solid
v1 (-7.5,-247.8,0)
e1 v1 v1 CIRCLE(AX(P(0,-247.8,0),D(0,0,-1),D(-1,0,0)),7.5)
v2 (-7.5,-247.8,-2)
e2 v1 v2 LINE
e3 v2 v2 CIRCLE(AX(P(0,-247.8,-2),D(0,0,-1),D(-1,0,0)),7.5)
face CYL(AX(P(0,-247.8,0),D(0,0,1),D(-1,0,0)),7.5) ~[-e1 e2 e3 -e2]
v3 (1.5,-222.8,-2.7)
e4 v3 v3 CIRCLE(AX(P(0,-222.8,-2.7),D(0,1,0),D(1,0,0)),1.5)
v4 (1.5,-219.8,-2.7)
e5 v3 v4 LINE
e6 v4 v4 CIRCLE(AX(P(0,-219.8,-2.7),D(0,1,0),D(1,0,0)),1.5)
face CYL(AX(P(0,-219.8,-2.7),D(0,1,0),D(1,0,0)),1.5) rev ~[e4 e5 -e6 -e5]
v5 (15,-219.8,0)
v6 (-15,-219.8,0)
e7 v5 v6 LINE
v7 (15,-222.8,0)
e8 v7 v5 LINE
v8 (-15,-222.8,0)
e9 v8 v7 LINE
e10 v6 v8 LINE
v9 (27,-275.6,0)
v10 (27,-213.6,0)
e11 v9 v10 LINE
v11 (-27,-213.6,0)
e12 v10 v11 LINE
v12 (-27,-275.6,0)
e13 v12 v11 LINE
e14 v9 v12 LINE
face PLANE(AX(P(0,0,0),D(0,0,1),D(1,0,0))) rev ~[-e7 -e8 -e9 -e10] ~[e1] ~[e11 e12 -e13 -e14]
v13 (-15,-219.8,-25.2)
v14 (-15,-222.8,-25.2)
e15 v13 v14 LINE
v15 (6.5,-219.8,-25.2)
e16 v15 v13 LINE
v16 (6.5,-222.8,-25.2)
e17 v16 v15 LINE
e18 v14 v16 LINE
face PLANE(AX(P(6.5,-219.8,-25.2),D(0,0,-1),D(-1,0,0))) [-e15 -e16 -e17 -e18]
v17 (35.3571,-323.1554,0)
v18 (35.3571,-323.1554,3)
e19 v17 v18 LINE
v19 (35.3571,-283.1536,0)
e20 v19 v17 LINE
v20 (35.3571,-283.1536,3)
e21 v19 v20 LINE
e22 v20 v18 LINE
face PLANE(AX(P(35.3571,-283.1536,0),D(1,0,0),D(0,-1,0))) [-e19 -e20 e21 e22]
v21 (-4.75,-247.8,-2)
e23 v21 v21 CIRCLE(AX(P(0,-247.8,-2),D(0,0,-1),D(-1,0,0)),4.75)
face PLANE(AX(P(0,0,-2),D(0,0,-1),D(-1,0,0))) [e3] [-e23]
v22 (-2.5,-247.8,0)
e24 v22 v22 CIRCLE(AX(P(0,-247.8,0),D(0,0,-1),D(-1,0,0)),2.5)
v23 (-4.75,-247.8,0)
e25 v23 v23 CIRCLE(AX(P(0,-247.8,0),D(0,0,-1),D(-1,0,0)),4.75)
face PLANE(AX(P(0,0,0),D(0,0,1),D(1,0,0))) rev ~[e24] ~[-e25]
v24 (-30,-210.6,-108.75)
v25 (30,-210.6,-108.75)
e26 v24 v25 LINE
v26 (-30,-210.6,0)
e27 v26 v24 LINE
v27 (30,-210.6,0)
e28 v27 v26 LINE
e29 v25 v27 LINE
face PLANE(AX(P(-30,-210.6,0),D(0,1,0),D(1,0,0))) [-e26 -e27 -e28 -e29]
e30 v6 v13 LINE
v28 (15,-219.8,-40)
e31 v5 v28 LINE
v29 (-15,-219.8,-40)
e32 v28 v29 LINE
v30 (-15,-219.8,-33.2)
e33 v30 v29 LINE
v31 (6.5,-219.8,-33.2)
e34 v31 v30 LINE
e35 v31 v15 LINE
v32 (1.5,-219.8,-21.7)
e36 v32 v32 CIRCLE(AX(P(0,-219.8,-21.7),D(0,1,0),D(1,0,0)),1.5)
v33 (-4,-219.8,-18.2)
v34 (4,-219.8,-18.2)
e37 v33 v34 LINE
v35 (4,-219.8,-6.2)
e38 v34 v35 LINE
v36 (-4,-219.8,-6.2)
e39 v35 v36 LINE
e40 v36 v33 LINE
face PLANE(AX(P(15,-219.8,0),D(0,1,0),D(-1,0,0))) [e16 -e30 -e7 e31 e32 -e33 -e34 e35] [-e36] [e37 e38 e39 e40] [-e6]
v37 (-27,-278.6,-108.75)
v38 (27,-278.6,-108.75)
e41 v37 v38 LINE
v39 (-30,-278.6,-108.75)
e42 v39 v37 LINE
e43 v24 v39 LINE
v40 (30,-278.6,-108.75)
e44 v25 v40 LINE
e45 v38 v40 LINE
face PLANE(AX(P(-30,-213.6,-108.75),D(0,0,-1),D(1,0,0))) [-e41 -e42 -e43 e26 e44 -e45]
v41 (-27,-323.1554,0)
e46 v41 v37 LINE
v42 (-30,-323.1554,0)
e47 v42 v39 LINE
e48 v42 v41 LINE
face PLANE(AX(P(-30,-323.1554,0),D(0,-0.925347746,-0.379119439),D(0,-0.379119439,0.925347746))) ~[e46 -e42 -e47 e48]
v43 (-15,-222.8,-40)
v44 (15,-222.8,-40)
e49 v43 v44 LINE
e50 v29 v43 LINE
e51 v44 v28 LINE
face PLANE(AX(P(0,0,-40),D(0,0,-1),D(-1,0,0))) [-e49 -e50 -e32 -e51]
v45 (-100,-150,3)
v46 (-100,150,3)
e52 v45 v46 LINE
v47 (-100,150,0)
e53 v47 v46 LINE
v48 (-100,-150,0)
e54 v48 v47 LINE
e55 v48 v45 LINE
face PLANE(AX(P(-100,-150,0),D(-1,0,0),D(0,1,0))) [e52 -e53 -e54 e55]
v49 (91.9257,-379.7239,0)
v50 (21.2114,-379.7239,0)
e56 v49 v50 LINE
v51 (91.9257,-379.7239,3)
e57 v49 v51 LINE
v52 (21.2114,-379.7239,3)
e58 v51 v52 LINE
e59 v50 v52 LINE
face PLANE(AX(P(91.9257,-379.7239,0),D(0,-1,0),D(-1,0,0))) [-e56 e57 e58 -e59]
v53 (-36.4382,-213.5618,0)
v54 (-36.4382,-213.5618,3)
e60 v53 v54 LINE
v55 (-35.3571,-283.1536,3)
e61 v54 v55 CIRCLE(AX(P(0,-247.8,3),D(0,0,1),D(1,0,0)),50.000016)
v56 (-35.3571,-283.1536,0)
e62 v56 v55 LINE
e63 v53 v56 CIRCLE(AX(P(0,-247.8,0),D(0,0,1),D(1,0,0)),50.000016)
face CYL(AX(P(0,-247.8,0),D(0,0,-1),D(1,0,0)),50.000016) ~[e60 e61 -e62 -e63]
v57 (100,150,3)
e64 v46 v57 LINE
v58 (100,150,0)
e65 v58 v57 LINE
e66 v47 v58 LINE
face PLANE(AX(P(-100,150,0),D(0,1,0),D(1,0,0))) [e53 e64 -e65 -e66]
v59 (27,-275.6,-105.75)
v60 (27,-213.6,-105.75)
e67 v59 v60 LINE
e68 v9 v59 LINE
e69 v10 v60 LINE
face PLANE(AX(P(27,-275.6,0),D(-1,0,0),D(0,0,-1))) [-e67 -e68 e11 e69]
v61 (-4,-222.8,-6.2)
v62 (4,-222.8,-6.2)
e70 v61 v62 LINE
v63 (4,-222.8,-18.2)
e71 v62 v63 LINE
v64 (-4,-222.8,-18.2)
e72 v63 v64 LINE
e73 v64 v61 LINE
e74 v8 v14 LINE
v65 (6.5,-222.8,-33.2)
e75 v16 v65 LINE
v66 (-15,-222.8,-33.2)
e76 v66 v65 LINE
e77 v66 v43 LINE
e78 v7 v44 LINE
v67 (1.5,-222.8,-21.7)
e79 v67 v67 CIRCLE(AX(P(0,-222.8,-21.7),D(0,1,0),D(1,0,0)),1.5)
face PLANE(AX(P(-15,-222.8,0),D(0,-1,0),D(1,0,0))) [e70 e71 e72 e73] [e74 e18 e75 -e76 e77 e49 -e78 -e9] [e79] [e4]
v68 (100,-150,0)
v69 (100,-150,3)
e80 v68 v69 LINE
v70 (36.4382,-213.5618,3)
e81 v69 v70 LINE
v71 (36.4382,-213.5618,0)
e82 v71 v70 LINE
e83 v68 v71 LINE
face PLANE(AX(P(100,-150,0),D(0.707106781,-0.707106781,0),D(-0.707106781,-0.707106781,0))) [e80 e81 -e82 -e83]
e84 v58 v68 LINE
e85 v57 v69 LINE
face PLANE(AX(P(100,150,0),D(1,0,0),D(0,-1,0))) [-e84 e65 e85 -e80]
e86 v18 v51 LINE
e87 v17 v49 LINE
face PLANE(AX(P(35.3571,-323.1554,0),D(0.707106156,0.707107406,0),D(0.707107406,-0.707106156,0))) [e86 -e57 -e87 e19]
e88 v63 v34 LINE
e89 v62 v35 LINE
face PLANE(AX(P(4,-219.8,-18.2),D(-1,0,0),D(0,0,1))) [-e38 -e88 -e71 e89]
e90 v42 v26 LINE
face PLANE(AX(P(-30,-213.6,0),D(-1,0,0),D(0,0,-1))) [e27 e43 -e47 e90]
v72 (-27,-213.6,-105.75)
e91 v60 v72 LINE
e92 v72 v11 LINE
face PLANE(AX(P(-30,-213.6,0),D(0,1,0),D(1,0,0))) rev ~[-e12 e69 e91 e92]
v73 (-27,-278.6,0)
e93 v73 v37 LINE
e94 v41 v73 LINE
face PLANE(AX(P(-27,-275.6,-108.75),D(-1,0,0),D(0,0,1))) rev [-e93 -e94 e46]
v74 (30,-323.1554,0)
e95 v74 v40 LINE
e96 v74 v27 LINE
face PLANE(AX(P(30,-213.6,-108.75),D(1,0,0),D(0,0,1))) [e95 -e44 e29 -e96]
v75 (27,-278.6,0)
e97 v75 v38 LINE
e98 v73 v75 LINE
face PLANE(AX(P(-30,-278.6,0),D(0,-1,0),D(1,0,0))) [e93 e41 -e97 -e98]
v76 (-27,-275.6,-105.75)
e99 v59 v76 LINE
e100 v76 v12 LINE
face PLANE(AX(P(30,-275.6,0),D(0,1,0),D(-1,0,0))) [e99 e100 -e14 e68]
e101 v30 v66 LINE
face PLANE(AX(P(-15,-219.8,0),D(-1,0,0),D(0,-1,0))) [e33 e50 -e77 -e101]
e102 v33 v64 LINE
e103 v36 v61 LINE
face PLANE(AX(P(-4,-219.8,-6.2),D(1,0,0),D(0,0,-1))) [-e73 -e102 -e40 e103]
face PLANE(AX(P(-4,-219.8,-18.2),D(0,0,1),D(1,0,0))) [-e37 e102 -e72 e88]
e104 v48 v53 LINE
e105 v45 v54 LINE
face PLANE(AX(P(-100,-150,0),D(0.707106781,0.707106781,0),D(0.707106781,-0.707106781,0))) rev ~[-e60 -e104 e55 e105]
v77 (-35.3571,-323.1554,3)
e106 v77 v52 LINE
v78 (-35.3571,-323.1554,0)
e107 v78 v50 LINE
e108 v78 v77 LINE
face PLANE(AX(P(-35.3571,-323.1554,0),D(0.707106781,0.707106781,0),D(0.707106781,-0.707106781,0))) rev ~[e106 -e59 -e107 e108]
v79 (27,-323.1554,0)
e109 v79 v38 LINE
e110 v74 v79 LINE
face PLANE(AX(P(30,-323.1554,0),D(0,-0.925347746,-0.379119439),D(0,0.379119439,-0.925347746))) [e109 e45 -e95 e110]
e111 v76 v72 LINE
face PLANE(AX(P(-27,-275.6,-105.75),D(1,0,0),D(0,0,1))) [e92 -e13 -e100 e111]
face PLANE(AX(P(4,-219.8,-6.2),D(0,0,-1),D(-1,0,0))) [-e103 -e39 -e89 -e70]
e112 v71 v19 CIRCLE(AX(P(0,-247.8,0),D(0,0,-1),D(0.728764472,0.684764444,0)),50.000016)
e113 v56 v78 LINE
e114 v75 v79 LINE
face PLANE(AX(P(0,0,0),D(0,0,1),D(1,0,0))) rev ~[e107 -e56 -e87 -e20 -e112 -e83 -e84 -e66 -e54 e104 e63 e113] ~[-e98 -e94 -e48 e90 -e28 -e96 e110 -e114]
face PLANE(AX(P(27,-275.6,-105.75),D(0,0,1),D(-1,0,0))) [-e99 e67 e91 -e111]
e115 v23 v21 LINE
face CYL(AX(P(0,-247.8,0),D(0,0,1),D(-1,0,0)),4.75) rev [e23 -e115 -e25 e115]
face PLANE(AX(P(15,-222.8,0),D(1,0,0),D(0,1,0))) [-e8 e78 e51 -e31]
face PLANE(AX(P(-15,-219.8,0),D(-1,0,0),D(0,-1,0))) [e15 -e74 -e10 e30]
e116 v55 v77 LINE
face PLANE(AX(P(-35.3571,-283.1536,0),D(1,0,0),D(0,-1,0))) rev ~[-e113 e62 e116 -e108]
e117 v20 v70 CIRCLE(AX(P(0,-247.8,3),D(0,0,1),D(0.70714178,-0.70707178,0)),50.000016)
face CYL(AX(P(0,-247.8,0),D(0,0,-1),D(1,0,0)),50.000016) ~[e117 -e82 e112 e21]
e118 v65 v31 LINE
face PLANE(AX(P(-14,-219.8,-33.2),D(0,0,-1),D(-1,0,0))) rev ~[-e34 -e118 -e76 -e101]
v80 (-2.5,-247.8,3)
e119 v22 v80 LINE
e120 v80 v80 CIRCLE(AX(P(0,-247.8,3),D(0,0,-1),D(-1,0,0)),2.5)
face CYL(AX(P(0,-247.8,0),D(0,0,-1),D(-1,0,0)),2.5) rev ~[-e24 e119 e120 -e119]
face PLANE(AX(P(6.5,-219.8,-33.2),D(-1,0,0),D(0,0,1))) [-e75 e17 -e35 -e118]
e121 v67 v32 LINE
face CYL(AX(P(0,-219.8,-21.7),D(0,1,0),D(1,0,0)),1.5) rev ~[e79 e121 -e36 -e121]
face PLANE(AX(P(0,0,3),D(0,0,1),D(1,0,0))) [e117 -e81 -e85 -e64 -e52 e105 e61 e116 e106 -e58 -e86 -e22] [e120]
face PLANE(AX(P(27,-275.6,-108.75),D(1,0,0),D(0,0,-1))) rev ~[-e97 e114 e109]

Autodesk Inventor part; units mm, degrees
sketch "Sketch1" plane through (0, 0, 0) normal (0, 0, 1) x (1, 0, 0)
  line L0 (-100, 150) -> (100, 150)
  line L1 (100, 150) -> (100, -150)
  line L2 (-100, -150) -> (-100, 150)
  line L3 (-100, 150) -> (100, -150) construction
  line L4 (100, 150) -> (-100, -150) construction
  line L5 (100, -150) -> (36.4382, -213.5618)
  line L6 (-35.3571, -283.1536) -> (-35.3571, -323.1554)
  line L7 (-35.3571, -323.1554) -> (21.2114, -379.7239)
  line L8 (35.3571, -283.1536) -> (35.3571, -323.1554)
  line L9 (35.3571, -323.1554) -> (91.9257, -379.7239)
  line L10 (91.9257, -379.7239) -> (21.2114, -379.7239)
  arc A0 (-35.3571, -283.1536) -> (-35.3553, -283.1554) centre (0, -247.8) ccw
  arc A1 (-36.4382, -213.5618) -> (-35.3553, -283.1554) centre (0, -247.8) ccw
  arc A2 (35.3571, -283.1536) -> (36.4382, -213.5618) centre (0, -247.8) ccw
  line L11 (-100, -150) -> (-36.4382, -213.5618)
  point P0 (0, 0)
  point P1 (35.3571, -285.3571)
extrude "Extrusion1" add sketch "Sketch1" along normal blind 3
sketch "Sketch3" plane through (0, 0, 0) normal (0, 0, -1) x (-1, 0, 0)
  arc A0 (-36.4382, -213.5618) -> (-35.3571, -283.1536) centre (0, -247.8) ccw projected
  circle A1 centre (0, -247.8) radius 2.5
  circle A2 centre (0, -247.8) radius 4.75
  circle A3 centre (0, -247.8) radius 7.5
  point P0 (0, 0)
  dimension "d27" = 5
  dimension "d28" = 9.5
  dimension "d29" = 15
extrude "Extrusion4" cut sketch "Sketch3" against normal blind 3 contours A1
extrude "Extrusion5" add sketch "Sketch3" along normal blind 2 contours A3
sketch "Sketch4" plane through (0, 0, 0) normal (0, 0, -1) x (-1, 0, 0)
  line L0 (-30, -275.6) -> (30, -275.6)
  line L1 (30, -275.6) -> (30, -278.6)
  line L2 (30, -278.6) -> (-30, -278.6)
  line L3 (-30, -278.6) -> (-30, -275.6)
  line L4 (-30, -275.6) -> (30, -278.6) construction
  line L5 (30, -275.6) -> (-30, -278.6) construction
  circle A0 centre (0, -247.8) radius 2.5 projected
  point P0 (0, 0)
  point P1 (0, -277.1)
  dimension "d34" = 60
  dimension "d35" = 3
  dimension "d36" = 27.8
extrude "Extrusion6" add sketch "Sketch4" along normal blind 108.75 contours L0 L1 L2 L3
ref_plane "Work Plane1" through (30, -275.6, -108.75) normal (1, 0, 0) x (0, 0, -1)
sketch "Sketch5" plane through (30, -275.6, -108.75) normal (1, 0, 0) x (0, 0, -1)
  line L0 (-108.75, 62.0382) -> (-108.75, -7.5536) projected
  line L1 (0, 0) -> (141.4214, 0) construction
  line L2 (-108.75, -47.5554) -> (-111.75, -47.5554) projected
  line L3 (-108.75, -3) -> (0, -3) projected
  line L4 (-108.75, -47.5554) -> (0, -3)
  line L5 (0, -3) -> (-108.75, -3)
  line L6 (-108.75, -3) -> (-108.75, -47.5554)
  point P0 (-108.75, 275.6)
  point P1 (-108.75, 0)
  point P2 (-108.75, 100)
ref_plane "Work Plane2" through (0, -278.6, 0) normal (1, 0, 0) x (0, 0, -1)
extrude "Extrusion8" add sketch "Sketch5" against normal blind 3
ref_plane "Work Plane3" through (0, -275.6, 0) normal (1, 0, 0) x (0, 0, -1)
mirror "Mirror2" about plane through (0, -275.6, 0) normal (1, 0, 0) of "Extrusion8"
sketch "Sketch6" plane through (0, 0, 0) normal (0, 0, -1) x (-1, 0, 0)
  line L0 (-15, -219.8) -> (15, -219.8)
  line L1 (15, -219.8) -> (15, -222.8)
  line L2 (15, -222.8) -> (-15, -222.8)
  line L3 (-15, -222.8) -> (-15, -219.8)
  line L4 (-15, -219.8) -> (15, -222.8) construction
  line L5 (15, -219.8) -> (-15, -222.8) construction
  circle A0 centre (0, -247.8) radius 2.5 projected
  point P0 (0, 0)
  point P1 (0, -221.3)
  dimension "d46" = 30
  dimension "d47" = 3
  dimension "d48" = 25
extrude "Extrusion9" add sketch "Sketch6" along normal blind 40 contours L0 L1 L2 L3
sketch "Sketch7" plane through (-15, -219.8, 0) normal (0, 1, 0) x (1, 0, 0)
  circle A0 centre (15, 2.7) radius 1.5
  line L0 (115, 0) -> (-85, 0) projected
  line L1 (19, 6.2) -> (11, 6.2)
  line L2 (11, 6.2) -> (11, 18.2)
  line L3 (11, 18.2) -> (19, 18.2)
  line L4 (19, 18.2) -> (19, 6.2)
  line L5 (19, 6.2) -> (11, 18.2) construction
  line L6 (11, 6.2) -> (19, 18.2) construction
  circle A1 centre (15, 21.7) radius 1.5
  line L7 (21.5, 25.2) -> (0, 25.2)
  line L8 (1, 33.2) -> (21.5, 33.2)
  line L9 (21.5, 33.2) -> (21.5, 25.2)
  line L10 (21.5, 25.2) -> (8.5, 33.2) construction
  line L11 (8.5, 25.2) -> (21.5, 33.2) construction
  line L12 (1, 33.2) -> (0, 33.2)
  line L13 (0, 0) -> (0, 40) projected
  point P0 (15, 0)
  point P1 (15, 12.2)
  point P2 (15, 29.2)
  dimension "d51" = 3
  dimension "d52" = 2.7
  dimension "d53" = 8
  dimension "d54" = 12
  dimension "d55" = 3.5
  dimension "d56" = 3
  dimension "d57" = 3.5
  dimension "d60" = 3.5
extrude "Extrusion10" cut sketch "Sketch7" against normal mid plane 10
sketch "Sketch8" plane through (-30, -275.6, 0) normal (0, 1, 0) x (1, 0, 0)
  line L0 (0, 0) -> (0, 108.75)
  line L1 (0, 108.75) -> (60, 108.75)
  line L2 (60, 108.75) -> (60, 0)
  line L3 (60, 0) -> (0, 108.75) construction
  line L4 (0, 0) -> (60, 108.75) construction
  line L5 (57, 105.75) -> (3, 105.75)
  line L6 (3, 105.75) -> (3, 0)
  line L7 (57, 0) -> (57, 105.75)
  line L8 (60, 0) -> (57, 0)
  line L9 (3, 0) -> (0, 0)
  point P0 (30, 0)
  point P1 (30, 54.375)
extrude "Extrusion11" add sketch "Sketch8" along normal blind 62
sketch "Sketch9" plane through (-30, -213.6, 0) normal (0, 1, 0) x (1, 0, 0)
  line L0 (0, 0) -> (0, 108.75) projected
  line L1 (60, 0) -> (0, 0)
  line L2 (0, 0) -> (0, 108.75)
  line L3 (0, 108.75) -> (60, 108.75)
  line L4 (60, 108.75) -> (60, 0)
  point P0 (30, 0)
extrude "Extrusion12" add sketch "Sketch9" along normal blind 3
properties part number "rightside0"
